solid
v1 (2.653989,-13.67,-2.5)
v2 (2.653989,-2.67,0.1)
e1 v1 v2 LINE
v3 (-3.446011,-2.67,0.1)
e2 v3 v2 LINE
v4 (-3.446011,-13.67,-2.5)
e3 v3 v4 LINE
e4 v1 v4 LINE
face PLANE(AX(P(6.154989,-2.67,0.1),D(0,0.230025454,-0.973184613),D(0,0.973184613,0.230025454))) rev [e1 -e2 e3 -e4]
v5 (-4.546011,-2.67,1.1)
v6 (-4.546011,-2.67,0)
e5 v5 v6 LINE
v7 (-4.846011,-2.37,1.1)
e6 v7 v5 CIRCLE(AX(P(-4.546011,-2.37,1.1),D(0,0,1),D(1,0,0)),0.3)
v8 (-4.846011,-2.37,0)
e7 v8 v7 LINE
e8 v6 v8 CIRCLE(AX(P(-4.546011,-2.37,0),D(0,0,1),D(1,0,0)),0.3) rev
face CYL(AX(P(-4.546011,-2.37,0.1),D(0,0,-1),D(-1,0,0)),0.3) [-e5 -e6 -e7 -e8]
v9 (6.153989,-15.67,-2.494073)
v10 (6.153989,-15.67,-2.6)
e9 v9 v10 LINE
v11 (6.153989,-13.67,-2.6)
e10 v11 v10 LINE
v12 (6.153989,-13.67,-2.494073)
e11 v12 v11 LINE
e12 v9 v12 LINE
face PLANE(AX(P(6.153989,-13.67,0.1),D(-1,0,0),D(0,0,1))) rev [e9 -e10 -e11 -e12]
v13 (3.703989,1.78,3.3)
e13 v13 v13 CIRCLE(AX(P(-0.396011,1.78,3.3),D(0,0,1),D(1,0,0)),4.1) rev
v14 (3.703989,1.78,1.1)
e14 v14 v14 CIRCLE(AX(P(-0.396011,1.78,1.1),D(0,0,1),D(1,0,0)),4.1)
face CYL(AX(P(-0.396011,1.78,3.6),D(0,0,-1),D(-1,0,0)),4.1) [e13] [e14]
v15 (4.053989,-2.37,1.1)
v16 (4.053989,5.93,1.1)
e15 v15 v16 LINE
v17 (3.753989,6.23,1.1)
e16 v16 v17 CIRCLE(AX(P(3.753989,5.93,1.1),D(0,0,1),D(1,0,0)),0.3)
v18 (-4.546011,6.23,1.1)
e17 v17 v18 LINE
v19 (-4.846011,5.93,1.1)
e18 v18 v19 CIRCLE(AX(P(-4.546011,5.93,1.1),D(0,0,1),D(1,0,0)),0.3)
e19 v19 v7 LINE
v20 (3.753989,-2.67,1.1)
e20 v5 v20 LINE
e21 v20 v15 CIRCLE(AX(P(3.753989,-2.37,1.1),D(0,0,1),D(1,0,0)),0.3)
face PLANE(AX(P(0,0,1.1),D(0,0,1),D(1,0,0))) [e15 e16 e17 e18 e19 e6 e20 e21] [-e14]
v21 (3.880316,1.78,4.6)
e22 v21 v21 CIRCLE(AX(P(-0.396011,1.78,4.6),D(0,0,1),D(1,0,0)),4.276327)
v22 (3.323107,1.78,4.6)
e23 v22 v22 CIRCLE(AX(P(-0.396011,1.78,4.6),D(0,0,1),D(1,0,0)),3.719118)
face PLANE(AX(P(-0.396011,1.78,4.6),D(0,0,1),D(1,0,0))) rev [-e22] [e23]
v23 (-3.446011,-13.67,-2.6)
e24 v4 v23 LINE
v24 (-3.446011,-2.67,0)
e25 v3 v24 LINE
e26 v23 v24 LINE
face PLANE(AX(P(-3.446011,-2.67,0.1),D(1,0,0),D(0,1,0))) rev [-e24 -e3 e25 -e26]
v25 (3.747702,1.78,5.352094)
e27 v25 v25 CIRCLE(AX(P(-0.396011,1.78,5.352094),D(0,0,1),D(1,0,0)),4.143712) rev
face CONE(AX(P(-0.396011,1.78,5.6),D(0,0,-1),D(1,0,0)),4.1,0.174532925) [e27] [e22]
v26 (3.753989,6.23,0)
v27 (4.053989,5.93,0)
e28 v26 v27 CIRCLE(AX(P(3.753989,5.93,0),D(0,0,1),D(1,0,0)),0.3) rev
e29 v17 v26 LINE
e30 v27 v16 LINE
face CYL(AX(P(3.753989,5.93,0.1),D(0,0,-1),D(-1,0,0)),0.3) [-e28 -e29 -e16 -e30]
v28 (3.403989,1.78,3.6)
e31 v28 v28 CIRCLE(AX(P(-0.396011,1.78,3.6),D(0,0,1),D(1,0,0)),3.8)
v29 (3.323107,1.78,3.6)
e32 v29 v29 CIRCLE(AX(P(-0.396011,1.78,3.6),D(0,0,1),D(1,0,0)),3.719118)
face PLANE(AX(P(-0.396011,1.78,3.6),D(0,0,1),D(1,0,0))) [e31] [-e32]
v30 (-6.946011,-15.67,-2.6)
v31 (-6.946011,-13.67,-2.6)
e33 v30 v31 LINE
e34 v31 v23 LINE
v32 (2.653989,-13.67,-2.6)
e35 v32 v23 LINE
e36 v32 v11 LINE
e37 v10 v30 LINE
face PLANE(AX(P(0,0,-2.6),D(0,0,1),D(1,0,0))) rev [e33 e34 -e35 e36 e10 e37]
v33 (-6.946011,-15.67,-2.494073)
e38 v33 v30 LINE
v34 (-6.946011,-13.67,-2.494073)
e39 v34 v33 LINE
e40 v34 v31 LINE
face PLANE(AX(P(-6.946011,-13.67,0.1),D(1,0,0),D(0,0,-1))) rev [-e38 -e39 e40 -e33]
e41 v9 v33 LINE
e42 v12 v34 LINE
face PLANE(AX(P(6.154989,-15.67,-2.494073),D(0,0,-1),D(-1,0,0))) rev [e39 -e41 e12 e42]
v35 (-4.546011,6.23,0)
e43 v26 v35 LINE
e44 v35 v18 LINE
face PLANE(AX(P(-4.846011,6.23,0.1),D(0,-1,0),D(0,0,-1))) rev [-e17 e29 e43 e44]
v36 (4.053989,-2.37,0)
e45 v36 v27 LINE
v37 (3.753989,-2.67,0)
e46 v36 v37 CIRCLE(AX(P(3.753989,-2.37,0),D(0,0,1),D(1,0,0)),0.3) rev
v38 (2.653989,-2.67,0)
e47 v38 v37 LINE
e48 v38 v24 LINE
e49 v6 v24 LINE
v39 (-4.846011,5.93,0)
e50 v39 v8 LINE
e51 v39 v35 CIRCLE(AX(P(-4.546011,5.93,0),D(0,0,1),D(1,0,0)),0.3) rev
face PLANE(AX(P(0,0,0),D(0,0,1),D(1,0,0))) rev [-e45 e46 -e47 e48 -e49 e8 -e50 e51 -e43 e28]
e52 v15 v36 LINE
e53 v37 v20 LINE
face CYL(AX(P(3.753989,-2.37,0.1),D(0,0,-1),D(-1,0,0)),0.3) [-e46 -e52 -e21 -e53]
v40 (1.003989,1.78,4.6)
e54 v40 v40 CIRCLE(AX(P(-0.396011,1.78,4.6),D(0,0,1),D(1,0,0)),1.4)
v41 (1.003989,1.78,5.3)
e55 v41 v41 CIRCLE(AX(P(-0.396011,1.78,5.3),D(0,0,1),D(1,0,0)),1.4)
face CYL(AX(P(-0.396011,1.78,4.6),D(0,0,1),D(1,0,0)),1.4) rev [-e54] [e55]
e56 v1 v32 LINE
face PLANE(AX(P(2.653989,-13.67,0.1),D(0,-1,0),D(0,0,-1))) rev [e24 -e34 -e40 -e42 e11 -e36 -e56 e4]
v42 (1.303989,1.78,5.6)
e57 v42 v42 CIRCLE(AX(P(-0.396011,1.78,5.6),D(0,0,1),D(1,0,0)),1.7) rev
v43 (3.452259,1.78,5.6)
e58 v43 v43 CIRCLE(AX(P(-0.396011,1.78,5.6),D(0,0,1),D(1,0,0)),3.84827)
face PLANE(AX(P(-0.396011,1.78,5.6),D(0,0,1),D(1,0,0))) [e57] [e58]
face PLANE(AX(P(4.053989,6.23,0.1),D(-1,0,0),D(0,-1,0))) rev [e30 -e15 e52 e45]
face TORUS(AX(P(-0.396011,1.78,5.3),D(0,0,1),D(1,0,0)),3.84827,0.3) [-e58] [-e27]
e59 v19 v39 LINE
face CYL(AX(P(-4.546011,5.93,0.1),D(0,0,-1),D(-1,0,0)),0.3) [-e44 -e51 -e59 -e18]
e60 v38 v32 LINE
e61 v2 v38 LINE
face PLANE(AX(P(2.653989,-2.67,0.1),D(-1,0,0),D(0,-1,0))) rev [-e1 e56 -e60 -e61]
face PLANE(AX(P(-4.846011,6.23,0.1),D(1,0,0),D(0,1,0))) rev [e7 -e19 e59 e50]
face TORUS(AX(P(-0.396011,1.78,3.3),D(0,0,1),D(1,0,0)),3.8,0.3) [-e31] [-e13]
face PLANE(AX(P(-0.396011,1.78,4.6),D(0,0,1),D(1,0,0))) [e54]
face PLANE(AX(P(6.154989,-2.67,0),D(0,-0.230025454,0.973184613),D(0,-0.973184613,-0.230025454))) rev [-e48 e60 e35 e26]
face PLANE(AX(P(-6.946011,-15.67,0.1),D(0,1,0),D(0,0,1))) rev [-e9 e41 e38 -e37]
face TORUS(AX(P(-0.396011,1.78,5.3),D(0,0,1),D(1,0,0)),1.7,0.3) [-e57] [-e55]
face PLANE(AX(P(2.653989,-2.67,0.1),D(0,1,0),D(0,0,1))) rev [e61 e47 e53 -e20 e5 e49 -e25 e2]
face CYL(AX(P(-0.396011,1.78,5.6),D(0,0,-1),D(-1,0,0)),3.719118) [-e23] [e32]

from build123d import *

# Parameters (mm, degrees)
EXTRUDE_633_DEPTH    = 0.1
SKETCH_2_W           = 8.9
SKETCH_2_H           = 8.9
EXTRUDE_2_DEPTH      = 1
SKETCH_3_R           = 4.1
EXTRUDE_3_DEPTH      = 2.5
SKETCH_4_R           = 3.719118072
EXTRUDE_4_DEPTH      = 2
SKETCH_5_R           = 4.1
EXTRUDE_5_DEPTH      = 1
EXTRUDE_5_DRAFT      = 10
SKETCH_6_R           = 1.4
CUT_EXTRUDE_1_DEPTH  = 1
FILLET_1_R           = 0.3
FILLET_2_R           = 0.3
FILLET_3_R           = 0.3
EXTRUDE_7_DEPTH      = 2.6
EXTRUDE_7_DEPTH_BACK = 0.1
CUT_EXTRUDE_4_REACH  = 21.211
CUT_EXTRUDE_5_REACH  = 23.178
SKETCH_13_W          = 2.594072948
SKETCH_13_H          = 2


with BuildPart() as part:
    # 草图1 → Extrude 633 (new body)
    with BuildSketch(Plane.XY):
        Polygon((2.653989215, -2.67), (4.053989215, -2.67), (4.053989215, 6.23), (-4.846010785, 6.23), (-4.846010785, -2.67), (-3.446010785, -2.67), (-3.446010785, -13.67), (-6.946010785, -13.67), (-6.946010785, -15.67), (6.153989215, -15.67), (6.153989215, -13.67), (2.653989215, -13.67), align=None)
    extrude(amount=EXTRUDE_633_DEPTH)

    # 草图2 → 凸台-拉伸2 (add)
    with BuildSketch(Plane.XY.offset(0.1)):
        with Locations((-0.396010785, 1.78)):
            Rectangle(SKETCH_2_W, SKETCH_2_H)
    extrude(amount=EXTRUDE_2_DEPTH)

    # 草图3 → 凸台-拉伸3 (add)
    with BuildSketch(Plane.XY.offset(1.1)):
        with Locations((-0.396010785, 1.78)):
            Circle(SKETCH_3_R)
    extrude(amount=EXTRUDE_3_DEPTH)

    # 草图4 → 凸台-拉伸4 (add)
    with BuildSketch(Plane.XY.offset(3.6)):
        with Locations((-0.396010785, 1.78)):
            Circle(SKETCH_4_R)
    extrude(amount=EXTRUDE_4_DEPTH)


with BuildPart() as extrude_5_tool:
    # 草图5 → 凸台-拉伸5 (with draft: the straight prism first)
    with BuildSketch(Plane.XY.offset(5.6)):
        with Locations((-0.396010785, 1.78)):
            Circle(SKETCH_5_R)
    extrude(amount=-EXTRUDE_5_DEPTH)
    # 凸台-拉伸5: the draft: its side faces are tilted about the plane it starts from
    extrude_5_sides = [extrude_5_tool.faces().sort_by_distance(p)[0] for p in [
        (-4.496010785, 1.78, 5.1),
    ]]
    draft(extrude_5_sides, Plane.XY.offset(5.6), EXTRUDE_5_DRAFT)


with BuildPart() as part_1:
    add(part.part)

    # 凸台-拉伸5: add extrude_5_tool
    add(extrude_5_tool.part)

    # 草图6 → 切除-拉伸1 (cut)
    with BuildSketch(Plane.XY.offset(5.6)):
        with Locations((-0.396010785, 1.78)):
            Circle(SKETCH_6_R)
    extrude(amount=-CUT_EXTRUDE_1_DEPTH, mode=Mode.SUBTRACT)

    # 圆角1
    fillet_1_edges = [part_1.edges().sort_by_distance(p)[0] for p in [
        (-4.496010785, 1.78, 3.6),
        (-4.496010785, 1.78, 5.6),
    ]]
    fillet(fillet_1_edges, radius=FILLET_1_R)

    # 圆角2
    fillet_2_edges = [part_1.edges().sort_by_distance(p)[0] for p in [
        (-4.846010785, 6.23, 0.55),
        (4.053989215, 6.23, 0.55),
        (4.053989215, -2.67, 0.55),
        (-4.846010785, -2.67, 0.55),
    ]]
    fillet(fillet_2_edges, radius=FILLET_2_R)

    # 圆角3
    fillet_3_edges = [part_1.edges().sort_by_distance(p)[0] for p in [
        (-1.796010785, 1.78, 5.6),
    ]]
    fillet(fillet_3_edges, radius=FILLET_3_R)

    # 草图11 → 凸台-拉伸7 (add, two sides: drawn at the far end of the back side and taken through both)
    with BuildSketch(Plane(origin=(0, 0, 0), x_dir=(-1, 0, 0), z_dir=(0, 0, -1)).offset(-EXTRUDE_7_DEPTH_BACK)):
        Polygon((-2.653989215, -13.67), (-6.153989215, -13.67), (-6.153989215, -15.67), (6.946010785, -15.67), (6.946010785, -13.67), (3.446010785, -13.67), (3.446010785, -2.67), (-2.653989215, -2.67), align=None)
    extrude(amount=EXTRUDE_7_DEPTH + EXTRUDE_7_DEPTH_BACK)

    # 草图12 → 切除-拉伸4 (cut, up to next)
    with BuildSketch(Plane.ZY.offset(3.446010785), mode=Mode.PRIVATE) as cut_extrude_4_sk1:
        Polygon((0, -2.67), (-2.6, -13.67), (-2.6, -2.67), align=None)
    cut_extrude_4_tool1 = extrude(cut_extrude_4_sk1.sketch, amount=-CUT_EXTRUDE_4_REACH, mode=Mode.PRIVATE) & part_1.part
    # 草图12 → 切除-拉伸4 (cut, up to next)
    with BuildSketch(Plane.ZY.offset(3.446010785), mode=Mode.PRIVATE) as cut_extrude_4_sk2:
        Polygon((0.1, -2.67), (-2.5, -13.67), (0.1, -13.67), align=None)
    cut_extrude_4_tool2 = extrude(cut_extrude_4_sk2.sketch, amount=-CUT_EXTRUDE_4_REACH, mode=Mode.PRIVATE) & part_1.part
    add(cut_extrude_4_tool1.solids().sort_by_distance((-3.446011, -6.336667, -1.733333))[0], mode=Mode.SUBTRACT)
    add(cut_extrude_4_tool2.solids().sort_by_distance((-3.446011, -10.003333, -0.766667))[0], mode=Mode.SUBTRACT)

    # 草图13 → 切除-拉伸5 (cut, up to next)
    with BuildSketch(Plane.ZY.offset(6.946010785), mode=Mode.PRIVATE) as cut_extrude_5_sk1:
        with Locations((-1.197036474, -14.67)):
            Rectangle(SKETCH_13_W, SKETCH_13_H)
    cut_extrude_5_tool1 = extrude(cut_extrude_5_sk1.sketch, amount=-CUT_EXTRUDE_5_REACH, mode=Mode.PRIVATE) & part_1.part
    add(cut_extrude_5_tool1.solids().sort_by_distance((-6.946011, -14.67, -1.197036))[0], mode=Mode.SUBTRACT)


solid = part_1.part
